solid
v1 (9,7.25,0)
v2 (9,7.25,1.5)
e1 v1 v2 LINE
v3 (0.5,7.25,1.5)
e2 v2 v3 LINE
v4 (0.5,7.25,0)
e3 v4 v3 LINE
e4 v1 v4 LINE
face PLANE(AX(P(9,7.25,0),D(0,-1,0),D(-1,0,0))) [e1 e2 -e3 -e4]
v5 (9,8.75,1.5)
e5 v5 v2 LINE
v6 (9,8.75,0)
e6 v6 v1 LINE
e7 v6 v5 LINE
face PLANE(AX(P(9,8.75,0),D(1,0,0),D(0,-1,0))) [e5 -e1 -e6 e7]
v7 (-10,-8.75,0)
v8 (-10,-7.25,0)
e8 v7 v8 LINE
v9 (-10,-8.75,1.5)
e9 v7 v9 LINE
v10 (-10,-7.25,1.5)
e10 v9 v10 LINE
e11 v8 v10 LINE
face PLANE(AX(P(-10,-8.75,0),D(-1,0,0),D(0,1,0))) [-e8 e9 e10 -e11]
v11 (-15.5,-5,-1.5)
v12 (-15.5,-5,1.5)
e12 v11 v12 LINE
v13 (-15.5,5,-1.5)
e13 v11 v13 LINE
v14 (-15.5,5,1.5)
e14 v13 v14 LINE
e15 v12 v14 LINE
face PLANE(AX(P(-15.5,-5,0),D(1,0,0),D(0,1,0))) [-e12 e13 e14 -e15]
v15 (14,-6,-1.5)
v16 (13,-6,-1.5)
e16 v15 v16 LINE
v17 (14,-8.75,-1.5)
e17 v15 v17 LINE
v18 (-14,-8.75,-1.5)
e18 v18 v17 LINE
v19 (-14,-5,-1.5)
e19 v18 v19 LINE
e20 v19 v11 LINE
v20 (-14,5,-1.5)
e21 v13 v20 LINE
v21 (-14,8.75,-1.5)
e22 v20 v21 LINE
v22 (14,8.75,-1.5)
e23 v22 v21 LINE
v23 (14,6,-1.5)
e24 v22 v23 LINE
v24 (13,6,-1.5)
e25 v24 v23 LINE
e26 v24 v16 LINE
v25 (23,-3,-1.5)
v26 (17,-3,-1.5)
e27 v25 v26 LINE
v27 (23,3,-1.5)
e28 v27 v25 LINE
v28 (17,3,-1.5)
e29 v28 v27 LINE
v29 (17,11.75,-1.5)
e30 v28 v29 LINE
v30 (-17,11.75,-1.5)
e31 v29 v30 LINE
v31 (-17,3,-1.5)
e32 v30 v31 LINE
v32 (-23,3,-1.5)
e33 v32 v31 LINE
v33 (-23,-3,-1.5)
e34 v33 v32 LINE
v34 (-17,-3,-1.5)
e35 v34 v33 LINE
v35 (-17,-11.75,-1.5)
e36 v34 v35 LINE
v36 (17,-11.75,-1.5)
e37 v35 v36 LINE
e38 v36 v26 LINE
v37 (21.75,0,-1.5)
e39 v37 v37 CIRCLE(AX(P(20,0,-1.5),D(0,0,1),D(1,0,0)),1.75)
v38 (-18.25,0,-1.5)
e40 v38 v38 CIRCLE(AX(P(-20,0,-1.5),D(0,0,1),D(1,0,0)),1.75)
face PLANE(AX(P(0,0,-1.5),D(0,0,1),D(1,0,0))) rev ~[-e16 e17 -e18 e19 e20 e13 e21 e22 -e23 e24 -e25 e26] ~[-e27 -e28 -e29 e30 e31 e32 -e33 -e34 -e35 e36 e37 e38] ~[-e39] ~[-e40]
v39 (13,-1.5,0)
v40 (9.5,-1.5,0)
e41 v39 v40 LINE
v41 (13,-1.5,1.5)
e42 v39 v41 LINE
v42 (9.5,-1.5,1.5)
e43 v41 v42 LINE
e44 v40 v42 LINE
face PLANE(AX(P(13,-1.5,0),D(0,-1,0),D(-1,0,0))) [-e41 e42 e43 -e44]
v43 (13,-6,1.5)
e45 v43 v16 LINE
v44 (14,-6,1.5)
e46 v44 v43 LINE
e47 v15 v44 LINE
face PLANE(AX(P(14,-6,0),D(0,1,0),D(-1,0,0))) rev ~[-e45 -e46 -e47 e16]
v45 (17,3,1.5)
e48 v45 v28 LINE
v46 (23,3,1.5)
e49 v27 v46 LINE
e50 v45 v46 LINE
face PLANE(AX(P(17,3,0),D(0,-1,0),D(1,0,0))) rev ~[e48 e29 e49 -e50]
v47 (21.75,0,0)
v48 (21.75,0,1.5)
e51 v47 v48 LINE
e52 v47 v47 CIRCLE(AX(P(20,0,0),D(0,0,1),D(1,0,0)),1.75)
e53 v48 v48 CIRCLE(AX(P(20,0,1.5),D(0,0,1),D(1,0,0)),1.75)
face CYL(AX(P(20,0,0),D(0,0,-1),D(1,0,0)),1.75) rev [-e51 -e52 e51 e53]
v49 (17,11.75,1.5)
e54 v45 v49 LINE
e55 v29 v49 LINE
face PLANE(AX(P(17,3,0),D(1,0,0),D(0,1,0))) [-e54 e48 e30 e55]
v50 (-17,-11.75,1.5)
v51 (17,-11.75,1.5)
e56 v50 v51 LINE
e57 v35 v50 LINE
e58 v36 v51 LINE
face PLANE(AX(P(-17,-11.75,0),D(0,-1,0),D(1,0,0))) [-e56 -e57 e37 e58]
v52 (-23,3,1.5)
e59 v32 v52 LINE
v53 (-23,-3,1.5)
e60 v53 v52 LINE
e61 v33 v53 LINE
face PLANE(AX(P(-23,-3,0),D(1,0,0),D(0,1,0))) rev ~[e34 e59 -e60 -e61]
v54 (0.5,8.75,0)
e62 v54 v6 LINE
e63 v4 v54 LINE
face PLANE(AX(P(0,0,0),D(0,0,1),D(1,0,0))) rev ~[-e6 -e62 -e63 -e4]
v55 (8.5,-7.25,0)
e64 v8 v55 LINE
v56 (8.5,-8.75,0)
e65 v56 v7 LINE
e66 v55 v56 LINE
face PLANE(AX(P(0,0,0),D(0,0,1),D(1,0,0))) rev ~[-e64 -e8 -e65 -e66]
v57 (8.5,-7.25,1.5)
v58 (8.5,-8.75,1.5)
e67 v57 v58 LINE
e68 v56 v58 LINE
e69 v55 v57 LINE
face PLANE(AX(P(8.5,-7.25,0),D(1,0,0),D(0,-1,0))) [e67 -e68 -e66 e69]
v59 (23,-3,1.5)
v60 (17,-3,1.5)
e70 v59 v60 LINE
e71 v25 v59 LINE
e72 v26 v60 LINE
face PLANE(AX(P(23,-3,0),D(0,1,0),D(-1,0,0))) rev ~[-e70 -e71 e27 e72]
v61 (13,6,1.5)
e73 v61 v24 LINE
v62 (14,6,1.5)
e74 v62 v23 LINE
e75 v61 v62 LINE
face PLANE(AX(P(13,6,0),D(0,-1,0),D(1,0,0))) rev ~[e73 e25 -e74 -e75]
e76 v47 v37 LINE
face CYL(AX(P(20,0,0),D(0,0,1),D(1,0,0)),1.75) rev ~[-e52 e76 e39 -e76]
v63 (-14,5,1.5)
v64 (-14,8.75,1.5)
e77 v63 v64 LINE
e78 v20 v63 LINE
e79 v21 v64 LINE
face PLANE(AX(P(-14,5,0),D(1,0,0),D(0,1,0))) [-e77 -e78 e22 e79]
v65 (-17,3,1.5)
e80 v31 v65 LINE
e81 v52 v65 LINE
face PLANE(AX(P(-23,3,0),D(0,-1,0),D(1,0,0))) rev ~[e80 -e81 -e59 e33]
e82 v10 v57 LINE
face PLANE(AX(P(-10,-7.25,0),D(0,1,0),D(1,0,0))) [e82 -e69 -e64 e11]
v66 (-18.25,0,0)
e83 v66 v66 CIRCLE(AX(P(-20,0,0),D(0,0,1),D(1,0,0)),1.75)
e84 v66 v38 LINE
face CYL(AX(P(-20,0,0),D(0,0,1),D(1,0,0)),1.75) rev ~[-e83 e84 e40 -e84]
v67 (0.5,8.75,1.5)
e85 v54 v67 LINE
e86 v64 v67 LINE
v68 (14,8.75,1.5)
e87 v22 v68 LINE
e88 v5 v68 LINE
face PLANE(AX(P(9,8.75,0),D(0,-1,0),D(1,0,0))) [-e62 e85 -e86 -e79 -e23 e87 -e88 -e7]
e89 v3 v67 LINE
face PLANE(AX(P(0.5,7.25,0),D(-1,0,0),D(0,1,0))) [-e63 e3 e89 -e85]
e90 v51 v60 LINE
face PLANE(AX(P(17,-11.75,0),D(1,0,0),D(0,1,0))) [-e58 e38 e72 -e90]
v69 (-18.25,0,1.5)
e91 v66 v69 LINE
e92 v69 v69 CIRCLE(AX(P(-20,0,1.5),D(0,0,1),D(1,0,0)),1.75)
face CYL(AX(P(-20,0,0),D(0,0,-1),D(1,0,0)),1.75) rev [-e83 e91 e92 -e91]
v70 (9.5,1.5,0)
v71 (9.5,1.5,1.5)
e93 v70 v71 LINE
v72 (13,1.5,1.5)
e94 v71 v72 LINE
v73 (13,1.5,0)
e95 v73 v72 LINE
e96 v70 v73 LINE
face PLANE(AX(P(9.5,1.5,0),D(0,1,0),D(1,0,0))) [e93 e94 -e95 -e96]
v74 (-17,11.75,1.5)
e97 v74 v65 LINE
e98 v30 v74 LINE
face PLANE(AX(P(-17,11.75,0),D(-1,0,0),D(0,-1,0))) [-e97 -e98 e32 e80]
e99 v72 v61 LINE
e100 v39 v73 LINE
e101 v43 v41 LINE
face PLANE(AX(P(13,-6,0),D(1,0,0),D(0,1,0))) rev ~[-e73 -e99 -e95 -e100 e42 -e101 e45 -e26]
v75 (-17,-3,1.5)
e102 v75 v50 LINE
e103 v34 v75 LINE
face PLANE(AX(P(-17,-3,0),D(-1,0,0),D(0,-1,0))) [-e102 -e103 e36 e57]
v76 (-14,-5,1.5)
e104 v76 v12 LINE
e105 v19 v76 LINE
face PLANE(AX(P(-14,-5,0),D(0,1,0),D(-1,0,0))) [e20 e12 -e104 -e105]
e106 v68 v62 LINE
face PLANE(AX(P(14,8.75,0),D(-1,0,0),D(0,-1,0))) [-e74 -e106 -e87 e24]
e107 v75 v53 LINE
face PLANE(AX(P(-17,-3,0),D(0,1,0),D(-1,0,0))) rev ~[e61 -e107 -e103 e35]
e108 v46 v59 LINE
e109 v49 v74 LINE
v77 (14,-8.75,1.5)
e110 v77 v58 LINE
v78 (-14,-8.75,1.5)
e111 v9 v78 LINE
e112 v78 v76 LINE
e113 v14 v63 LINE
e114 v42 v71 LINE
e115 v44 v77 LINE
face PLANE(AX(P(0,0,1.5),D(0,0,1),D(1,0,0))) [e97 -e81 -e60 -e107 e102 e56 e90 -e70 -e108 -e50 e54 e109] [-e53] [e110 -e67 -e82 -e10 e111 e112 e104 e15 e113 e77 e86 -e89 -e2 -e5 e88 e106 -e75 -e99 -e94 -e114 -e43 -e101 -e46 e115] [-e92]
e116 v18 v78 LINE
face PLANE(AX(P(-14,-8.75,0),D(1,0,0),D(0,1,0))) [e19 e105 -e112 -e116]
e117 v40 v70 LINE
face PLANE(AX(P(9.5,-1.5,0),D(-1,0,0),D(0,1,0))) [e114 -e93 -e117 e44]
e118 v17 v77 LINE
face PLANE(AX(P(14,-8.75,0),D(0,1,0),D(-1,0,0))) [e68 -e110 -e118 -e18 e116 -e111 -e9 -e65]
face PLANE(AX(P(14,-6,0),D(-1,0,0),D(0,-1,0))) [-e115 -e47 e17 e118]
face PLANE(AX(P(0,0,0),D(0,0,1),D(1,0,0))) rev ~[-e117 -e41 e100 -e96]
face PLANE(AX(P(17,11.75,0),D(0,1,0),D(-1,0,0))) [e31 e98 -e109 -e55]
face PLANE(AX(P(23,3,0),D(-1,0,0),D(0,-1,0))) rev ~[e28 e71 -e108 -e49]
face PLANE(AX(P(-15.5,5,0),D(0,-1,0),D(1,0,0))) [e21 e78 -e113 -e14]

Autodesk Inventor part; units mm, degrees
ref_plane "YZ Plane" through (0, 0, 0) normal (1, 0, 0) x (0, 1, 0)
ref_plane "XZ Plane" through (0, 0, 0) normal (0, 1, 0) x (-1, 0, 0)
ref_plane "XY Plane" through (0, 0, 0) normal (0, 0, 1) x (1, 0, 0)
sketch "shape" plane through (0, 0, 0) normal (0, 0, 1) x (1, 0, 0)
  line L0 (-14, 8.75) -> (14, 8.75)
  line L1 (14, 8.75) -> (14, -8.75)
  line L2 (14, -8.75) -> (-14, -8.75)
  line L3 (-14, -8.75) -> (-14, 8.75)
  line L4 (17, 11.75) -> (-17, 11.75)
  line L5 (-17, 11.75) -> (-17, -11.75)
  line L6 (-17, -11.75) -> (17, -11.75)
  line L7 (17, -11.75) -> (17, 11.75)
  line L8 (-15.5, 5) -> (-14, 5)
  line L9 (-14, 5) -> (-14, -5)
  line L10 (-14, -5) -> (-15.5, -5)
  line L11 (-15.5, -5) -> (-15.5, 5)
  line L12 (-10, -7.25) -> (8.5, -7.25)
  line L13 (8.5, -7.25) -> (8.5, -8.75)
  line L14 (8.5, -8.75) -> (-10, -8.75)
  line L15 (-10, -8.75) -> (-10, -7.25)
  line L16 (13, 6) -> (14, 6)
  line L17 (14, 6) -> (14, -6)
  line L18 (14, -6) -> (13, -6)
  line L19 (13, -6) -> (13, 6)
  line L20 (9.5, 1.5) -> (13, 1.5)
  line L21 (13, 1.5) -> (13, -1.5)
  line L22 (13, -1.5) -> (9.5, -1.5)
  line L23 (9.5, -1.5) -> (9.5, 1.5)
  line L24 (0.5, 8.75) -> (9, 8.75)
  line L25 (9, 8.75) -> (9, 7.25)
  line L26 (9, 7.25) -> (0.5, 7.25)
  line L27 (0.5, 7.25) -> (0.5, 8.75)
  line L28 (-23, 3) -> (-17, 3)
  line L29 (-17, 3) -> (-17, -3)
  line L30 (-17, -3) -> (-23, -3)
  line L31 (-23, -3) -> (-23, 3)
  line L32 (17, 3) -> (23, 3)
  line L33 (23, 3) -> (23, -3)
  line L34 (23, -3) -> (17, -3)
  line L35 (17, -3) -> (17, 3)
  circle A0 centre (-20, 0) radius 1.75
  circle A1 centre (20, 0) radius 1.75
  point P0 (0, 0)
  point P1 (0, 8.75)
  point P2 (14, 0)
  point P3 (-15.5, 0)
  point P4 (13, 0)
  point P5 (9.5, 0)
  point P6 (-17, 0)
  point P7 (17, 0)
  point P8 (-17, 0)
  point P9 (17, 0)
  point P10 (20, 3)
  point P11 (-20, 3)
  dimension "d0" = 28
  dimension "d1" = 17.5
  dimension "d2" = 3
  dimension "d3" = 1.5
  dimension "d4" = 10
  dimension "d5" = 18.5
  dimension "d6" = 1.5
  dimension "d7" = 4
  dimension "d8" = 1
  dimension "d9" = 12
  dimension "d10" = 3.5
  dimension "d11" = 3
  dimension "d12" = 8.5
  dimension "d13" = 1.5
  dimension "d14" = 5
  dimension "d19" = 6
  dimension "d22" = 3.5
extrude "around pcb" add sketch "shape" against normal blind 1.5 contours L1 L18 L19 L16 | L7 L6 L5 L4 | L32 L33 L34 L7 | L5 L30 L31 L28
extrude "over pcb" add sketch "shape" along normal blind 1.5 contours L0 L25 L26 L27 | L1 L18 L19 L16 | L15 L12 L13 L2 | L19 L22 L23 L20 | L7 L6 L5 L4 | L32 L33 L34 L7 | L5 L30 L31 L28
properties part number "TP4056_long_holder"
